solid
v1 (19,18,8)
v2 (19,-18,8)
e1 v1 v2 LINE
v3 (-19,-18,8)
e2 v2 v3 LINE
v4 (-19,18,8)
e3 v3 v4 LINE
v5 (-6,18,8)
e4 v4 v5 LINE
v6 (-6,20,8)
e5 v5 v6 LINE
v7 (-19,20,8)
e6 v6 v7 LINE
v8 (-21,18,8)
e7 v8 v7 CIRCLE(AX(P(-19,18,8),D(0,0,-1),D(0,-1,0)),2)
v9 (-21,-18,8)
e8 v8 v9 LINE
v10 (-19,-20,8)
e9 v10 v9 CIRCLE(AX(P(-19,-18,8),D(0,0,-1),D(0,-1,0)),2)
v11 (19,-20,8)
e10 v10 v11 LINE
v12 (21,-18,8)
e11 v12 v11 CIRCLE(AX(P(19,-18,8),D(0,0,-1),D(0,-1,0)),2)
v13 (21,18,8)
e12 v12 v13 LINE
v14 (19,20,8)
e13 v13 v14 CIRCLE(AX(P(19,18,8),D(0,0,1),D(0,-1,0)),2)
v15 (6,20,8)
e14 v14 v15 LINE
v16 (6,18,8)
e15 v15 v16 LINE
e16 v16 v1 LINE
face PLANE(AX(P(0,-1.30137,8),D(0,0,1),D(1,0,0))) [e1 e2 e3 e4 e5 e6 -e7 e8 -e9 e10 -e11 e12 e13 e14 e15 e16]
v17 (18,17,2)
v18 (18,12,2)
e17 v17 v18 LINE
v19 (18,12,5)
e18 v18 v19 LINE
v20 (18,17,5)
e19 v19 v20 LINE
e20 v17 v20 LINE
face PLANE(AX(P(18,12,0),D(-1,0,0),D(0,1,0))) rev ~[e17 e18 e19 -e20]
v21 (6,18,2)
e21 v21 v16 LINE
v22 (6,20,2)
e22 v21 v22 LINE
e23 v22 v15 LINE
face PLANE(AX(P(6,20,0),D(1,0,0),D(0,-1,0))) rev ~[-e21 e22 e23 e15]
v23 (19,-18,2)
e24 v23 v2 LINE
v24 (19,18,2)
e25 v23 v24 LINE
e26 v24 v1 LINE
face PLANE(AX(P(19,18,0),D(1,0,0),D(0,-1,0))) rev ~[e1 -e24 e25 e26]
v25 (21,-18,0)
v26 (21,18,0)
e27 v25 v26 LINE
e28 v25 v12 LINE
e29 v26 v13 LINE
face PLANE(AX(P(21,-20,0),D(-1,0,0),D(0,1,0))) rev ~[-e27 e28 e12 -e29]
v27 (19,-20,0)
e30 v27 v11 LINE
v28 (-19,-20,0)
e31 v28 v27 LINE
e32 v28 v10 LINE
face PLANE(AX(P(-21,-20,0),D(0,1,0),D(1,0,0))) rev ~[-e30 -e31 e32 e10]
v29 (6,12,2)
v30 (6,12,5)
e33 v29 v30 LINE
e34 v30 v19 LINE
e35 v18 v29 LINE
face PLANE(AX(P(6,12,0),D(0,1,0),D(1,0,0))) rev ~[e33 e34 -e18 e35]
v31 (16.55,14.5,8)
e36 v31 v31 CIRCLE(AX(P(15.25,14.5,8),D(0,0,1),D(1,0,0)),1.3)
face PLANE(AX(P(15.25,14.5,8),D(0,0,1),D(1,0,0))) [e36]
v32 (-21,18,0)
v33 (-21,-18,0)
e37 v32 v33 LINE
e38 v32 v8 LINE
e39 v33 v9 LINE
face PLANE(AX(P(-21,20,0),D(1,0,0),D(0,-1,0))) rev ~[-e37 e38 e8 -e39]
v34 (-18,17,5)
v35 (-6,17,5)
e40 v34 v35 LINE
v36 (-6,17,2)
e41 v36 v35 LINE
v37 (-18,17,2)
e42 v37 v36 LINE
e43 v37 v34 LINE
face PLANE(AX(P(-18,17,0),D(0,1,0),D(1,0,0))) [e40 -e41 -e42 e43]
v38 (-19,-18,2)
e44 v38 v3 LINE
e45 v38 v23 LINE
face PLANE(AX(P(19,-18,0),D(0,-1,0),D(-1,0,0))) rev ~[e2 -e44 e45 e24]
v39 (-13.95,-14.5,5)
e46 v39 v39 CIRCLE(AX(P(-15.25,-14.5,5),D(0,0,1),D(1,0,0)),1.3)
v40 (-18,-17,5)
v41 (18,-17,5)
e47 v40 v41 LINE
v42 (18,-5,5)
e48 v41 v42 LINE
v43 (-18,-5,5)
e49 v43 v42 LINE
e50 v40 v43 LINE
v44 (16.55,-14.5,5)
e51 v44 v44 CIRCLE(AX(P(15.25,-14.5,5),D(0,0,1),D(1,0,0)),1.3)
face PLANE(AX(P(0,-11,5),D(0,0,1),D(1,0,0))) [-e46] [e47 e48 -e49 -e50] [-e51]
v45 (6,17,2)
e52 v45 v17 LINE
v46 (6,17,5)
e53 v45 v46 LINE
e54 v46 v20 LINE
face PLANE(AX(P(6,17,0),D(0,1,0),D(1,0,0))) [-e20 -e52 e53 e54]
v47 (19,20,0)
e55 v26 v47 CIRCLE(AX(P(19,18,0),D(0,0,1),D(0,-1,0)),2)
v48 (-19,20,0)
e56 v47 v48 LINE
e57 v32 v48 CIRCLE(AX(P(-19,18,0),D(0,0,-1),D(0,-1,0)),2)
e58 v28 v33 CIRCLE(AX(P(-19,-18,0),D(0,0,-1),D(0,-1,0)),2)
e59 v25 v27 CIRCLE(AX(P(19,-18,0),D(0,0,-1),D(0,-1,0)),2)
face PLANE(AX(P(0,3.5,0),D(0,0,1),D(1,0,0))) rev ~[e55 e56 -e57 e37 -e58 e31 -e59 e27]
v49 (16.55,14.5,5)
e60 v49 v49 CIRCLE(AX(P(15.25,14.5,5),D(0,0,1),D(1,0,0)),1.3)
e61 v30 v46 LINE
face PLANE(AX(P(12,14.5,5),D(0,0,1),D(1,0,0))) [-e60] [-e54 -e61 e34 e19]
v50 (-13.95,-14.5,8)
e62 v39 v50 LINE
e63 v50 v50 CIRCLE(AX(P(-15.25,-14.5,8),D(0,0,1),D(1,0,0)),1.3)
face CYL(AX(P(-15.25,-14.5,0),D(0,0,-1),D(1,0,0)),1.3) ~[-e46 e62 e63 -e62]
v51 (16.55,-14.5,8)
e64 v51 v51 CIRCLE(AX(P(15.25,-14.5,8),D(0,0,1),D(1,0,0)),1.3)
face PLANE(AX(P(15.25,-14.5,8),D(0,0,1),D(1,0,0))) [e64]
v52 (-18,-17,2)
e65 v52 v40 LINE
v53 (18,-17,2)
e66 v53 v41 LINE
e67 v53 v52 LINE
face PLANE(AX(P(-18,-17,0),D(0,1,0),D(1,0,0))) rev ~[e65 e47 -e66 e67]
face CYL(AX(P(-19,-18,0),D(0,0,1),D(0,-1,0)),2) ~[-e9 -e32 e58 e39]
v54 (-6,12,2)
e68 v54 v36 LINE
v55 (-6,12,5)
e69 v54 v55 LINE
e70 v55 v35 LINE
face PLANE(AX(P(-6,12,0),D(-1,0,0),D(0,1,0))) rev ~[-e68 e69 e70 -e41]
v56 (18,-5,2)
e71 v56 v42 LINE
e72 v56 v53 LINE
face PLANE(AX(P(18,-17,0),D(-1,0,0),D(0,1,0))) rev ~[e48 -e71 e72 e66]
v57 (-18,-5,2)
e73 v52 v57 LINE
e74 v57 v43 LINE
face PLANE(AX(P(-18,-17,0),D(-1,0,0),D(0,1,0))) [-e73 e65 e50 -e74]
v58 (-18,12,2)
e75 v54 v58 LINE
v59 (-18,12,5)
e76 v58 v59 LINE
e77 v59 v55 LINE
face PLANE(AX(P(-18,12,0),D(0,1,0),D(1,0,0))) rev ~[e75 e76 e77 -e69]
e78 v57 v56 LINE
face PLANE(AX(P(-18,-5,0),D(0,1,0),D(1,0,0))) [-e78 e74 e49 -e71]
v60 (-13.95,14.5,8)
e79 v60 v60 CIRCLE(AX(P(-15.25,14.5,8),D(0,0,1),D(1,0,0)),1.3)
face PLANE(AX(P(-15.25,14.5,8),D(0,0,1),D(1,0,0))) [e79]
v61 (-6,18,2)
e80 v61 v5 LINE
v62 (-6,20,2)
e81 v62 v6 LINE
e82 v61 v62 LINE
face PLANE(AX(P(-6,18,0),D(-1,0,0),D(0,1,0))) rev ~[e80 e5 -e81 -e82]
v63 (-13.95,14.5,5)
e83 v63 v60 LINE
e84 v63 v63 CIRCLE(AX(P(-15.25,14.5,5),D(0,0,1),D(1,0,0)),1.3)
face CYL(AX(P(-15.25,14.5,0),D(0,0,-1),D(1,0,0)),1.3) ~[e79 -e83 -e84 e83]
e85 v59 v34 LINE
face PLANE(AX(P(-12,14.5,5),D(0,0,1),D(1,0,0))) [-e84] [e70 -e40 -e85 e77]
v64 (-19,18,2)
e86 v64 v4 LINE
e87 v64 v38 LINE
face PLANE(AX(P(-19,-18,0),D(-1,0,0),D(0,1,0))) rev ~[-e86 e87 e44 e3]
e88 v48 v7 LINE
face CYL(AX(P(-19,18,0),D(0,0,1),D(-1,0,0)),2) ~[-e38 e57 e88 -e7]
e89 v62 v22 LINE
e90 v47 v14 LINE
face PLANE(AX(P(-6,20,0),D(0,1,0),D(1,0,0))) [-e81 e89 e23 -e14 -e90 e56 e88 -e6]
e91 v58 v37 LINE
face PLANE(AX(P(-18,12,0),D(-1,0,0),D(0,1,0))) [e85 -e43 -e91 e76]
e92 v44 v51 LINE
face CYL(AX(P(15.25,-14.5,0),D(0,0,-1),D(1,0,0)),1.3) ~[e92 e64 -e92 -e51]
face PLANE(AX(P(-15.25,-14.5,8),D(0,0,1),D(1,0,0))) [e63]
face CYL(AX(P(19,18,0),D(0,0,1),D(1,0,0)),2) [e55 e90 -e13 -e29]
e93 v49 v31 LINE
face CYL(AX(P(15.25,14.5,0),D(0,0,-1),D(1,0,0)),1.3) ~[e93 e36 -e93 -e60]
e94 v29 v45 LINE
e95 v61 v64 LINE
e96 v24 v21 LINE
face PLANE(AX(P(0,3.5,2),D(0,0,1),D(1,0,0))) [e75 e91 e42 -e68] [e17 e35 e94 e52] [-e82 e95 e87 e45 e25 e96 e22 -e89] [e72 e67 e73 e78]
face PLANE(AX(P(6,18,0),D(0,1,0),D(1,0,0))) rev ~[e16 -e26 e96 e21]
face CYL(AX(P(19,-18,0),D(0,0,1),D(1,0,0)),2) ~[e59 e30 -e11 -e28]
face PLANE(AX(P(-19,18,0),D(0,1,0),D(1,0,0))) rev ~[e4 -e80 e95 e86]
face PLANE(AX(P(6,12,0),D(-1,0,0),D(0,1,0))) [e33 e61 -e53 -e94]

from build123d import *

# Parameters (mm, degrees)
F0_W     = 36
F0_H     = 12
F0_R     = 1.3
F1_DEPTH = 5
F0_W_2   = 12
F0_H_2   = 5
F0_H_3   = 1
F0_H_4   = 2
F2_DEPTH = 2
F3_DEPTH = 8
F4_R     = 2


with BuildPart() as f1:
    # F0 (on Top) → F1 (new body)
    with BuildSketch(Plane.XY):
        with Locations((0, -11)):
            Rectangle(F0_W, F0_H)
        with Locations((-15.25, -14.5)):
            Circle(F0_R, mode=Mode.SUBTRACT)
        with Locations((15.25, -14.5)):
            Circle(F0_R, mode=Mode.SUBTRACT)
    extrude(amount=F1_DEPTH)



with BuildPart() as f1b:
    # F0 (on Top) → F1, piece 2 (new body)
    with BuildSketch(Plane.XY):
        with Locations((-12, 14.5)):
            Rectangle(F0_W_2, F0_H_2)
        with Locations((-15.25, 14.5)):
            Circle(F0_R, mode=Mode.SUBTRACT)
    extrude(amount=F1_DEPTH)


with BuildPart() as f1c:
    # F0 (on Top) → F1, piece 3 (new body)
    with BuildSketch(Plane.XY):
        with Locations((12, 14.5)):
            Rectangle(F0_W_2, F0_H_2)
        with Locations((15.25, 14.5)):
            Circle(F0_R, mode=Mode.SUBTRACT)
    extrude(amount=F1_DEPTH)


with BuildPart() as f1_1:
    add(f1.part)

    add(f1b.part)  # F2 merges F1b

    add(f1c.part)  # F2 merges F1c
    # F0 (on Top) → F2 (join)
    with BuildSketch(Plane.XY):
        Polygon((-6, 12), (-18, 12), (-18, -5), (18, -5), (18, 12), (6, 12), align=None)
        with Locations((0, 14.5)):
            Rectangle(F0_W_2, F0_H_2)
        Polygon((-18, 12), (-18, 17), (-6, 17), (-6, 18), (-19, 18), (-19, -18), (19, -18), (19, 18), (6, 18), (6, 17), (18, 17), (18, 12), (18, -5), (18, -17), (-18, -17), (-18, -5), align=None)
        with Locations((0, 17.5)):
            Rectangle(F0_W_2, F0_H_3)
        with Locations((0, 19)):
            Rectangle(F0_W_2, F0_H_4)
    extrude(amount=F2_DEPTH)

    # F0 (on Top) → F3 (join)
    with BuildSketch(Plane.XY):
        with Locations((-15.25, 14.5)):
            Circle(F0_R)
        with Locations((15.25, 14.5)):
            Circle(F0_R)
        with Locations((15.25, -14.5)):
            Circle(F0_R)
        with Locations((-15.25, -14.5)):
            Circle(F0_R)
        Polygon((-19, 18), (-6, 18), (-6, 20), (-21, 20), (-21, -20), (21, -20), (21, 20), (6, 20), (6, 18), (19, 18), (19, -18), (-19, -18), align=None)
    extrude(amount=F3_DEPTH)

    # F4
    f4_edges = [f1_1.edges().sort_by_distance(p)[0] for p in [
        (-21, -20, 4),
        (21, -20, 4),
        (21, 20, 4),
        (-21, 20, 4),
    ]]
    fillet(f4_edges, radius=F4_R)


solid = f1_1.part
